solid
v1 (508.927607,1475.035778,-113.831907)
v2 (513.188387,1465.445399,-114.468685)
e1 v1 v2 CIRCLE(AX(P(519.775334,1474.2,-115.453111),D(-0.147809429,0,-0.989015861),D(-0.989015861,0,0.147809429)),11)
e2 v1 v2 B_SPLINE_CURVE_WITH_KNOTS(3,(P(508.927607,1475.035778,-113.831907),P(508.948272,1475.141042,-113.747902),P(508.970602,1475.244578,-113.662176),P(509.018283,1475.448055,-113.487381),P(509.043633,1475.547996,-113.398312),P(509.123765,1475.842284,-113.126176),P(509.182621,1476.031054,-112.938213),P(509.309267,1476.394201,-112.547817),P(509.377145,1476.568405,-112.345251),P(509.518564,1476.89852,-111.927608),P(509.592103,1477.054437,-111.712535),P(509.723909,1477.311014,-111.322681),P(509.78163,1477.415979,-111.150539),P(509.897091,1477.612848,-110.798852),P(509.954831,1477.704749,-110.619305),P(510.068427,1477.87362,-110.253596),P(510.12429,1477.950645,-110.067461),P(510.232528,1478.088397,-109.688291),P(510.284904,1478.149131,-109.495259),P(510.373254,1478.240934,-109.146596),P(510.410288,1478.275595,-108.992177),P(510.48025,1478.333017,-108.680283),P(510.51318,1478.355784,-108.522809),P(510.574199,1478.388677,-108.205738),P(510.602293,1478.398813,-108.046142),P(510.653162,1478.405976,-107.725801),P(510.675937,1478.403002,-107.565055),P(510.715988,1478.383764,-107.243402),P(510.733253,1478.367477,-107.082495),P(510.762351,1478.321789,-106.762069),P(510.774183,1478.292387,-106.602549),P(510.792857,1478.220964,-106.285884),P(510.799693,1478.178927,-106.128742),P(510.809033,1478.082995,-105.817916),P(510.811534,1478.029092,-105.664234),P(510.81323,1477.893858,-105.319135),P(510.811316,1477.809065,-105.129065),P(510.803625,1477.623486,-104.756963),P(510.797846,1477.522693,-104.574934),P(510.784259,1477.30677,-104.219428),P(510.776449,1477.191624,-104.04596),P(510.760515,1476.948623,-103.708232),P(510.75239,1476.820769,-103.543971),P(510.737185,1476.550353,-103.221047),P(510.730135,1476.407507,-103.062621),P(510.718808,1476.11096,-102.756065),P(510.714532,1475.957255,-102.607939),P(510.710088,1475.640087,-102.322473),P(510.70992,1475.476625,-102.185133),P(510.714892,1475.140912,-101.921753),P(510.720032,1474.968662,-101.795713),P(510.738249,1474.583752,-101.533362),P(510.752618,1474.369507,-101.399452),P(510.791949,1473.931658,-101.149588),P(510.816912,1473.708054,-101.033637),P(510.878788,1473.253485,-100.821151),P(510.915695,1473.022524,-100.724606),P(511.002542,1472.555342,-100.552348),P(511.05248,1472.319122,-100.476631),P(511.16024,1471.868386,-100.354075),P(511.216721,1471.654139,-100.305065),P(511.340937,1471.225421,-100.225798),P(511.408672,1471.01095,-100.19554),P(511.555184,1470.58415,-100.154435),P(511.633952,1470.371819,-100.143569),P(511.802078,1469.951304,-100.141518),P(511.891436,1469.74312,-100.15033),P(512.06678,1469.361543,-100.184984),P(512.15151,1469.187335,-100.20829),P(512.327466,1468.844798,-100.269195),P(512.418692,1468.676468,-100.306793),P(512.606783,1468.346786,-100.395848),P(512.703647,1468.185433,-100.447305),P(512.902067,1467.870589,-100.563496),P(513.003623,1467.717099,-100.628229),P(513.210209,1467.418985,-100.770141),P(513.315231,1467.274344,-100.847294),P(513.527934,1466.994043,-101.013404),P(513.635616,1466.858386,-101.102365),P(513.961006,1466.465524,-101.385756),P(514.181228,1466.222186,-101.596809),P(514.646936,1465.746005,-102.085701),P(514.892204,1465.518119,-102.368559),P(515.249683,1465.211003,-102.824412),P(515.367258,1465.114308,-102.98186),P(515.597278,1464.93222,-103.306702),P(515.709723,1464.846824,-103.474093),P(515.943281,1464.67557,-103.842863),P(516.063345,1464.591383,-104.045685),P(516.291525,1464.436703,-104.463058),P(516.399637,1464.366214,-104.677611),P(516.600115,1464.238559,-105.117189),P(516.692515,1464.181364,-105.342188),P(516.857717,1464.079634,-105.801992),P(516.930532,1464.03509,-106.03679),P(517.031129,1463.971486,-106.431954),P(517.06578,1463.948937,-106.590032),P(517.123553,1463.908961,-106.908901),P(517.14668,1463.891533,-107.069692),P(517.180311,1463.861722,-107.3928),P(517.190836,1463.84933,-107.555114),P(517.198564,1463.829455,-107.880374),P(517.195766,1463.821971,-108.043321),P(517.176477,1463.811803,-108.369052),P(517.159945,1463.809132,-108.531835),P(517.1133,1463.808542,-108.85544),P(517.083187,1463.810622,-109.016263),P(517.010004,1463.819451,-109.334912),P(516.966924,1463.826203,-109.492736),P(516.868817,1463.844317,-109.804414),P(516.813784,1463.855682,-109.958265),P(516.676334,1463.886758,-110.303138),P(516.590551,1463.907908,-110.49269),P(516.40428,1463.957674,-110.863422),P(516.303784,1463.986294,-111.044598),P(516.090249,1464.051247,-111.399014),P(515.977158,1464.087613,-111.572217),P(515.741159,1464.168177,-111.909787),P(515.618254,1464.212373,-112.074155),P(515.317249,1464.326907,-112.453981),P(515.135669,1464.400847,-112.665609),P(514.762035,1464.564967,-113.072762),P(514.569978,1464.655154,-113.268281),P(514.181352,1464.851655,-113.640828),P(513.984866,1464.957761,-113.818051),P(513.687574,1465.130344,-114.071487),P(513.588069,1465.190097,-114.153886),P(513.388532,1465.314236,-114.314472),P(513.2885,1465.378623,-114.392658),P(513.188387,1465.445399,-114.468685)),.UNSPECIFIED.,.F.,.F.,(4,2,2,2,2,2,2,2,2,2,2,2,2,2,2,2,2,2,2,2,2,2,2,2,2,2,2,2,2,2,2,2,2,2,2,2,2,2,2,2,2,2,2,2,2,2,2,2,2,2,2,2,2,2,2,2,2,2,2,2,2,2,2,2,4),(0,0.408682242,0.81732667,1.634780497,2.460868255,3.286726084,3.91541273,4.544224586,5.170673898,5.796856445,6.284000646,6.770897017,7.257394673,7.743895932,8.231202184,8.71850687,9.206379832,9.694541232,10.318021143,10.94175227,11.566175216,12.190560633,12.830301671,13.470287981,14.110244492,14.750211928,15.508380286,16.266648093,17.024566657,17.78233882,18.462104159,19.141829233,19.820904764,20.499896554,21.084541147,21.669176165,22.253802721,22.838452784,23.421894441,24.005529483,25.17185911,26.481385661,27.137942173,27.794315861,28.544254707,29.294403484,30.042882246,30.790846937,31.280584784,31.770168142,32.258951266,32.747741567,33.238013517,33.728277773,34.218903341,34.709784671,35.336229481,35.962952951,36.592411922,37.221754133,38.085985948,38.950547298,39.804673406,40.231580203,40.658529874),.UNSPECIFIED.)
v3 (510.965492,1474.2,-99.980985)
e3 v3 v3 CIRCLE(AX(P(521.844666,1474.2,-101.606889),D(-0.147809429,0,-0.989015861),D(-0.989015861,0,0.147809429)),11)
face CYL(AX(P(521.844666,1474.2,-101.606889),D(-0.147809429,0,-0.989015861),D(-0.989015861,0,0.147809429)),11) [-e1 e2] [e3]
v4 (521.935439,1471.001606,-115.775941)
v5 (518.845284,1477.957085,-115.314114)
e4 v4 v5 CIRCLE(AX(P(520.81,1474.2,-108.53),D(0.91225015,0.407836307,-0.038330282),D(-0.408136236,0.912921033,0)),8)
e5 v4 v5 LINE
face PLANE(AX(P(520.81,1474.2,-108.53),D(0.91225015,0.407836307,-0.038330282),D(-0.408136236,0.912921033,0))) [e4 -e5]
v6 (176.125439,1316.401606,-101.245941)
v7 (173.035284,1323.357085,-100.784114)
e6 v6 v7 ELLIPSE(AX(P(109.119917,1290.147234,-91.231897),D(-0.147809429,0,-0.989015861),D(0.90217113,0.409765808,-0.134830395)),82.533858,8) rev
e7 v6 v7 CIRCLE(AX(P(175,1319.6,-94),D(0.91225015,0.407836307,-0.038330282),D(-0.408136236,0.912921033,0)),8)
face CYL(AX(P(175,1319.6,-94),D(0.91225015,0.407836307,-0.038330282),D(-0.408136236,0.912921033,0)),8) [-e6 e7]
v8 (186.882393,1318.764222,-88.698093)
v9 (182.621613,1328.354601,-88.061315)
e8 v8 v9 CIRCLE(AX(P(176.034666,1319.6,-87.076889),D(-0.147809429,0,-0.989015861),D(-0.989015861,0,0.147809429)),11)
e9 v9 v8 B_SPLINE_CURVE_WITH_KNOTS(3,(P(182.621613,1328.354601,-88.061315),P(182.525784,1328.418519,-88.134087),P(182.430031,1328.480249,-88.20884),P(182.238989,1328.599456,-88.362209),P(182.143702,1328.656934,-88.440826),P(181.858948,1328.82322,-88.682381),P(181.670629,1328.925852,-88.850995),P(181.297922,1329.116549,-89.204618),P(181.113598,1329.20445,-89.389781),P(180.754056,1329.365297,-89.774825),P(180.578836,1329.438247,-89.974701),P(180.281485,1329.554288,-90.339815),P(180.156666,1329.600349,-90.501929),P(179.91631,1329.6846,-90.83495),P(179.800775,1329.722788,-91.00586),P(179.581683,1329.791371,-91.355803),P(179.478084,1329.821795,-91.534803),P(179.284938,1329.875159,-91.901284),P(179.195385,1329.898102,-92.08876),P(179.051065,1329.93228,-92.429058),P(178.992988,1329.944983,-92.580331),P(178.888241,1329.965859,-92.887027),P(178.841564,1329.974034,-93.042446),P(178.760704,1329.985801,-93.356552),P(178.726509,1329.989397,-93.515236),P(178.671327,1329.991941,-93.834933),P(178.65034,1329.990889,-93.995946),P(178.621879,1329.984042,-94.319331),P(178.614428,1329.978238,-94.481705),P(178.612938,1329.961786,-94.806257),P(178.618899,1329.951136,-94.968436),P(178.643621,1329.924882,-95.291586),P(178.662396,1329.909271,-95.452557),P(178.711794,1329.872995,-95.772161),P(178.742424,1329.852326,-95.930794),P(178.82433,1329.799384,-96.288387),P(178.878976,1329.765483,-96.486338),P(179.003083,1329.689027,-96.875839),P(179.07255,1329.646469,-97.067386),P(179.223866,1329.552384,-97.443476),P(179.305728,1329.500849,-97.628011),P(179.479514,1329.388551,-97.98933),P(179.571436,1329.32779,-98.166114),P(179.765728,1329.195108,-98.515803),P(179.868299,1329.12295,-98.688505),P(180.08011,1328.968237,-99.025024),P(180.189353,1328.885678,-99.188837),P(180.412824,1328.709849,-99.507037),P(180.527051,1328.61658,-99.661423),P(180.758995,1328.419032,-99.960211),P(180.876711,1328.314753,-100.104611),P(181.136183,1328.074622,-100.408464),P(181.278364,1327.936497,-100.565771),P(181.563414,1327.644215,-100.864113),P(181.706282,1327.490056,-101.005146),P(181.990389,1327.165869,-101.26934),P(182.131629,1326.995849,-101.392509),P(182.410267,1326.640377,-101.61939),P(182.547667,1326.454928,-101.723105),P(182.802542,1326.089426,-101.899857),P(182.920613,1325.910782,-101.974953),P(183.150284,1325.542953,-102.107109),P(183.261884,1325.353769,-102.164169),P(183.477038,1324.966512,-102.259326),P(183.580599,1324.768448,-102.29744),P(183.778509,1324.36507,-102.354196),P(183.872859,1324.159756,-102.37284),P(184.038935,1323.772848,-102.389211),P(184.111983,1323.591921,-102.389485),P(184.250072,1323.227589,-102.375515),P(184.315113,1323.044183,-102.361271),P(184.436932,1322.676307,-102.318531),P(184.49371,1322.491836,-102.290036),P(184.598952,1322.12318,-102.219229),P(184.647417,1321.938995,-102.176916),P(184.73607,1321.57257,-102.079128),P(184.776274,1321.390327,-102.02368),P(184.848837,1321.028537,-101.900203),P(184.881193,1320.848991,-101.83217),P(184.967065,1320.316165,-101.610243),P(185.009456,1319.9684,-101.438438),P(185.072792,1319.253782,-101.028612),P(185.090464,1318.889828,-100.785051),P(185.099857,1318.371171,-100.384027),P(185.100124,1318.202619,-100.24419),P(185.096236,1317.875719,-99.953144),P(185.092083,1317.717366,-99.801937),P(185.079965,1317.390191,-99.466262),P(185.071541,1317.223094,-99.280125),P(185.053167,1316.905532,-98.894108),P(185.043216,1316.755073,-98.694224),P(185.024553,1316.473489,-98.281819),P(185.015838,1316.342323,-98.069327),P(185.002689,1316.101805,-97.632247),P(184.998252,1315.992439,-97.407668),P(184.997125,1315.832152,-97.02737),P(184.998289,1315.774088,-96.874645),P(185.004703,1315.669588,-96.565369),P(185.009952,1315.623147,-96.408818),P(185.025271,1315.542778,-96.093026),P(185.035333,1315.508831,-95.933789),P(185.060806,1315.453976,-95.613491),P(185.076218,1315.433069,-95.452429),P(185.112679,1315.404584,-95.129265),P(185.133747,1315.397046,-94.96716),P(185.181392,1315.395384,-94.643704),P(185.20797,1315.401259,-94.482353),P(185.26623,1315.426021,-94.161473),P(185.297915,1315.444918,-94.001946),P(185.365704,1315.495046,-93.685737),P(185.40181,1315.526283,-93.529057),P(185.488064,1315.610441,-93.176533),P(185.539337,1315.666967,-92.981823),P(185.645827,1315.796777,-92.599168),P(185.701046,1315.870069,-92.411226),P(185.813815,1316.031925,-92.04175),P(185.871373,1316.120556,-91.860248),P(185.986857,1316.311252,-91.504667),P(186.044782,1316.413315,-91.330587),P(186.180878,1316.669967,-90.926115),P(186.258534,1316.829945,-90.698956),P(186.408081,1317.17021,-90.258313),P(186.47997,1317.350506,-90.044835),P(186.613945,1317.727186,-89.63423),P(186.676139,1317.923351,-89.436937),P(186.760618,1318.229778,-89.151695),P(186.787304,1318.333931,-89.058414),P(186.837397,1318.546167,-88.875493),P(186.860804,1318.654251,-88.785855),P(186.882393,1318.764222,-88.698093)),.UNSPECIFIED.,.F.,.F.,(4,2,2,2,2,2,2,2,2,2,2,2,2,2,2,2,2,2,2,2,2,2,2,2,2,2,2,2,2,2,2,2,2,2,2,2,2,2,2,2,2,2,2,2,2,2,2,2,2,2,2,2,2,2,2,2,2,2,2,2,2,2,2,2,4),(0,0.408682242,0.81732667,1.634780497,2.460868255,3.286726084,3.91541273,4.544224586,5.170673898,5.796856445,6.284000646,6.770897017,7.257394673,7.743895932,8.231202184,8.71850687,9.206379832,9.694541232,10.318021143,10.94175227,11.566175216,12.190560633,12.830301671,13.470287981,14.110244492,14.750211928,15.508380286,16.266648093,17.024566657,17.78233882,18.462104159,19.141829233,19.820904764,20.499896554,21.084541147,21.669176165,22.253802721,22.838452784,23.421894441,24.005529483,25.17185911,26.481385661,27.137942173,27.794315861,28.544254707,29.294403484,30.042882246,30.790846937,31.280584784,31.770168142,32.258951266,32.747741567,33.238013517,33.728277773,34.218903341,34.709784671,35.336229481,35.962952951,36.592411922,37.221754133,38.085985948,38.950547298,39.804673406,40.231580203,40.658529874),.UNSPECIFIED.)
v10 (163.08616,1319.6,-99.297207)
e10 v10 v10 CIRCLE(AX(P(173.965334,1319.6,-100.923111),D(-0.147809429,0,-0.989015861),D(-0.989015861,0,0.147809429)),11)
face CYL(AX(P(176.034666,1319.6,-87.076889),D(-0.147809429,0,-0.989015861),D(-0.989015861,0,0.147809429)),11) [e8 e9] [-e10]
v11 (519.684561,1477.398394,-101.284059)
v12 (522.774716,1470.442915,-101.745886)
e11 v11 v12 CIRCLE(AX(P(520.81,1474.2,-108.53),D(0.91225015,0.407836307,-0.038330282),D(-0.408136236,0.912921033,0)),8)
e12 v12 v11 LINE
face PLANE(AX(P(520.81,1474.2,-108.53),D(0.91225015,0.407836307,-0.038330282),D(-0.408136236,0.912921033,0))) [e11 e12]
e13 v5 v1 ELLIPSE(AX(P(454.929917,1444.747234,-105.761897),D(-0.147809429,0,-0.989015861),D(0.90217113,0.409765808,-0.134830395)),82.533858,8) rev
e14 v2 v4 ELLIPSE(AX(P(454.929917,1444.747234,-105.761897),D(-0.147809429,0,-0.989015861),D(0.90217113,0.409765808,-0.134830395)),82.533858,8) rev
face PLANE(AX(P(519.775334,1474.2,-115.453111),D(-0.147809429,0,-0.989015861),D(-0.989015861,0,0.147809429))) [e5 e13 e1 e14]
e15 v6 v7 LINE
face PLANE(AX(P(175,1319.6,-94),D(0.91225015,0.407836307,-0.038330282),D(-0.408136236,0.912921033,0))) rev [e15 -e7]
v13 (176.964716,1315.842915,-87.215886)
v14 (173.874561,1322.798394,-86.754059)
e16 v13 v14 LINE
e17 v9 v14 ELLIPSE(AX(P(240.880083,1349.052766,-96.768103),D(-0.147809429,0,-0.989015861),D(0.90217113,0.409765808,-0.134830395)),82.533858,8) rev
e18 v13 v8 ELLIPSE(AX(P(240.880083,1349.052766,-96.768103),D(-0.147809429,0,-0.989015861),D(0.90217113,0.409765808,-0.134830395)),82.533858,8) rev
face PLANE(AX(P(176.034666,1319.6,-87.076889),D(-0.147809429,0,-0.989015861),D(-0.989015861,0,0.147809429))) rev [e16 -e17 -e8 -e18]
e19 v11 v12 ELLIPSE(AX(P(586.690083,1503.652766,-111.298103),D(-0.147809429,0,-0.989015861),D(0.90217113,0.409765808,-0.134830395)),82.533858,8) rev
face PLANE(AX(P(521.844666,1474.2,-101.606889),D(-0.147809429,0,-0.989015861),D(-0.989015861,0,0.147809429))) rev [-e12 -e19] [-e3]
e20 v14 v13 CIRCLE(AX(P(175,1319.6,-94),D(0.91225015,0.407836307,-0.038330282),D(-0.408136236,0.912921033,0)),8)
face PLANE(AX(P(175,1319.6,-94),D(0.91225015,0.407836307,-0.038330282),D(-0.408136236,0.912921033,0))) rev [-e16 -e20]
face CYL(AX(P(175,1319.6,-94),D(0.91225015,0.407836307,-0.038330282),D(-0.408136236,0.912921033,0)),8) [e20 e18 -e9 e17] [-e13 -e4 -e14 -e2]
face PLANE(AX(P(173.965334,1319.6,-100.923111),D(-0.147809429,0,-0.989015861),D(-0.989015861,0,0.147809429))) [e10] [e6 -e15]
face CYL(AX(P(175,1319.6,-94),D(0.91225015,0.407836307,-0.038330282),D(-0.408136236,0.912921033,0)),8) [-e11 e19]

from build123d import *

# Parameters (mm, degrees)
SUSP_RR_TOE_LINK_PROFILE_R             = 8
SUSP_RR_TOE_LINK_ROD_END_IN_PROFILE_R  = 11
SUSP_RR_TOE_LINK_ROD_END_OUT_PROFILE_R = 11


with BuildPart() as part:
    # SUSP_RR_toe_link: sweep along a curve in space
    with BuildLine() as susp_rr_toe_link_path:
        Line((175, 1319.6, -94), (520.81, 1474.2, -108.53))
    # SUSP_RR_toe_link profile (on start of the path) → SUSP_RR_toe_link (sweep)
    with BuildSketch(Plane(origin=(175, 1319.6, -94), x_dir=(-0.40813623590833575, 0.9129210332436072, 0), z_dir=(0.9122501501575765, 0.4078363066839052, -0.03833028160489745))):
        Circle(SUSP_RR_TOE_LINK_PROFILE_R)
    sweep(path=susp_rr_toe_link_path.line)

    # SUSP_RR_toe_link_rod_end_in: sweep along a curve in space
    with BuildLine() as susp_rr_toe_link_rod_end_in_path:
        Line((176.034666, 1319.6, -87.076889), (173.965334, 1319.6, -100.923111))
    # SUSP_RR_toe_link_rod_end_in profile (on start of the path) → SUSP_RR_toe_link_rod_end_in (sweep)
    with BuildSketch(Plane(origin=(176.034666, 1319.6, -87.076889), x_dir=(-0.989015860676298, 0, 0.14780942909950529), z_dir=(-0.14780942909950529, 0, -0.989015860676298))):
        Circle(SUSP_RR_TOE_LINK_ROD_END_IN_PROFILE_R)
    sweep(path=susp_rr_toe_link_rod_end_in_path.line)

    # SUSP_RR_toe_link_rod_end_out: sweep along a curve in space
    with BuildLine() as susp_rr_toe_link_rod_end_out_path:
        Line((521.844666, 1474.2, -101.606889), (519.775334, 1474.2, -115.453111))
    # SUSP_RR_toe_link_rod_end_out profile (on start of the path) → SUSP_RR_toe_link_rod_end_out (sweep)
    with BuildSketch(Plane(origin=(521.844666, 1474.2, -101.606889), x_dir=(-0.9890158606762977, 0, 0.14780942909950728), z_dir=(-0.14780942909950728, 0, -0.9890158606762977))):
        Circle(SUSP_RR_TOE_LINK_ROD_END_OUT_PROFILE_R)
    sweep(path=susp_rr_toe_link_rod_end_out_path.line)


solid = part.part
